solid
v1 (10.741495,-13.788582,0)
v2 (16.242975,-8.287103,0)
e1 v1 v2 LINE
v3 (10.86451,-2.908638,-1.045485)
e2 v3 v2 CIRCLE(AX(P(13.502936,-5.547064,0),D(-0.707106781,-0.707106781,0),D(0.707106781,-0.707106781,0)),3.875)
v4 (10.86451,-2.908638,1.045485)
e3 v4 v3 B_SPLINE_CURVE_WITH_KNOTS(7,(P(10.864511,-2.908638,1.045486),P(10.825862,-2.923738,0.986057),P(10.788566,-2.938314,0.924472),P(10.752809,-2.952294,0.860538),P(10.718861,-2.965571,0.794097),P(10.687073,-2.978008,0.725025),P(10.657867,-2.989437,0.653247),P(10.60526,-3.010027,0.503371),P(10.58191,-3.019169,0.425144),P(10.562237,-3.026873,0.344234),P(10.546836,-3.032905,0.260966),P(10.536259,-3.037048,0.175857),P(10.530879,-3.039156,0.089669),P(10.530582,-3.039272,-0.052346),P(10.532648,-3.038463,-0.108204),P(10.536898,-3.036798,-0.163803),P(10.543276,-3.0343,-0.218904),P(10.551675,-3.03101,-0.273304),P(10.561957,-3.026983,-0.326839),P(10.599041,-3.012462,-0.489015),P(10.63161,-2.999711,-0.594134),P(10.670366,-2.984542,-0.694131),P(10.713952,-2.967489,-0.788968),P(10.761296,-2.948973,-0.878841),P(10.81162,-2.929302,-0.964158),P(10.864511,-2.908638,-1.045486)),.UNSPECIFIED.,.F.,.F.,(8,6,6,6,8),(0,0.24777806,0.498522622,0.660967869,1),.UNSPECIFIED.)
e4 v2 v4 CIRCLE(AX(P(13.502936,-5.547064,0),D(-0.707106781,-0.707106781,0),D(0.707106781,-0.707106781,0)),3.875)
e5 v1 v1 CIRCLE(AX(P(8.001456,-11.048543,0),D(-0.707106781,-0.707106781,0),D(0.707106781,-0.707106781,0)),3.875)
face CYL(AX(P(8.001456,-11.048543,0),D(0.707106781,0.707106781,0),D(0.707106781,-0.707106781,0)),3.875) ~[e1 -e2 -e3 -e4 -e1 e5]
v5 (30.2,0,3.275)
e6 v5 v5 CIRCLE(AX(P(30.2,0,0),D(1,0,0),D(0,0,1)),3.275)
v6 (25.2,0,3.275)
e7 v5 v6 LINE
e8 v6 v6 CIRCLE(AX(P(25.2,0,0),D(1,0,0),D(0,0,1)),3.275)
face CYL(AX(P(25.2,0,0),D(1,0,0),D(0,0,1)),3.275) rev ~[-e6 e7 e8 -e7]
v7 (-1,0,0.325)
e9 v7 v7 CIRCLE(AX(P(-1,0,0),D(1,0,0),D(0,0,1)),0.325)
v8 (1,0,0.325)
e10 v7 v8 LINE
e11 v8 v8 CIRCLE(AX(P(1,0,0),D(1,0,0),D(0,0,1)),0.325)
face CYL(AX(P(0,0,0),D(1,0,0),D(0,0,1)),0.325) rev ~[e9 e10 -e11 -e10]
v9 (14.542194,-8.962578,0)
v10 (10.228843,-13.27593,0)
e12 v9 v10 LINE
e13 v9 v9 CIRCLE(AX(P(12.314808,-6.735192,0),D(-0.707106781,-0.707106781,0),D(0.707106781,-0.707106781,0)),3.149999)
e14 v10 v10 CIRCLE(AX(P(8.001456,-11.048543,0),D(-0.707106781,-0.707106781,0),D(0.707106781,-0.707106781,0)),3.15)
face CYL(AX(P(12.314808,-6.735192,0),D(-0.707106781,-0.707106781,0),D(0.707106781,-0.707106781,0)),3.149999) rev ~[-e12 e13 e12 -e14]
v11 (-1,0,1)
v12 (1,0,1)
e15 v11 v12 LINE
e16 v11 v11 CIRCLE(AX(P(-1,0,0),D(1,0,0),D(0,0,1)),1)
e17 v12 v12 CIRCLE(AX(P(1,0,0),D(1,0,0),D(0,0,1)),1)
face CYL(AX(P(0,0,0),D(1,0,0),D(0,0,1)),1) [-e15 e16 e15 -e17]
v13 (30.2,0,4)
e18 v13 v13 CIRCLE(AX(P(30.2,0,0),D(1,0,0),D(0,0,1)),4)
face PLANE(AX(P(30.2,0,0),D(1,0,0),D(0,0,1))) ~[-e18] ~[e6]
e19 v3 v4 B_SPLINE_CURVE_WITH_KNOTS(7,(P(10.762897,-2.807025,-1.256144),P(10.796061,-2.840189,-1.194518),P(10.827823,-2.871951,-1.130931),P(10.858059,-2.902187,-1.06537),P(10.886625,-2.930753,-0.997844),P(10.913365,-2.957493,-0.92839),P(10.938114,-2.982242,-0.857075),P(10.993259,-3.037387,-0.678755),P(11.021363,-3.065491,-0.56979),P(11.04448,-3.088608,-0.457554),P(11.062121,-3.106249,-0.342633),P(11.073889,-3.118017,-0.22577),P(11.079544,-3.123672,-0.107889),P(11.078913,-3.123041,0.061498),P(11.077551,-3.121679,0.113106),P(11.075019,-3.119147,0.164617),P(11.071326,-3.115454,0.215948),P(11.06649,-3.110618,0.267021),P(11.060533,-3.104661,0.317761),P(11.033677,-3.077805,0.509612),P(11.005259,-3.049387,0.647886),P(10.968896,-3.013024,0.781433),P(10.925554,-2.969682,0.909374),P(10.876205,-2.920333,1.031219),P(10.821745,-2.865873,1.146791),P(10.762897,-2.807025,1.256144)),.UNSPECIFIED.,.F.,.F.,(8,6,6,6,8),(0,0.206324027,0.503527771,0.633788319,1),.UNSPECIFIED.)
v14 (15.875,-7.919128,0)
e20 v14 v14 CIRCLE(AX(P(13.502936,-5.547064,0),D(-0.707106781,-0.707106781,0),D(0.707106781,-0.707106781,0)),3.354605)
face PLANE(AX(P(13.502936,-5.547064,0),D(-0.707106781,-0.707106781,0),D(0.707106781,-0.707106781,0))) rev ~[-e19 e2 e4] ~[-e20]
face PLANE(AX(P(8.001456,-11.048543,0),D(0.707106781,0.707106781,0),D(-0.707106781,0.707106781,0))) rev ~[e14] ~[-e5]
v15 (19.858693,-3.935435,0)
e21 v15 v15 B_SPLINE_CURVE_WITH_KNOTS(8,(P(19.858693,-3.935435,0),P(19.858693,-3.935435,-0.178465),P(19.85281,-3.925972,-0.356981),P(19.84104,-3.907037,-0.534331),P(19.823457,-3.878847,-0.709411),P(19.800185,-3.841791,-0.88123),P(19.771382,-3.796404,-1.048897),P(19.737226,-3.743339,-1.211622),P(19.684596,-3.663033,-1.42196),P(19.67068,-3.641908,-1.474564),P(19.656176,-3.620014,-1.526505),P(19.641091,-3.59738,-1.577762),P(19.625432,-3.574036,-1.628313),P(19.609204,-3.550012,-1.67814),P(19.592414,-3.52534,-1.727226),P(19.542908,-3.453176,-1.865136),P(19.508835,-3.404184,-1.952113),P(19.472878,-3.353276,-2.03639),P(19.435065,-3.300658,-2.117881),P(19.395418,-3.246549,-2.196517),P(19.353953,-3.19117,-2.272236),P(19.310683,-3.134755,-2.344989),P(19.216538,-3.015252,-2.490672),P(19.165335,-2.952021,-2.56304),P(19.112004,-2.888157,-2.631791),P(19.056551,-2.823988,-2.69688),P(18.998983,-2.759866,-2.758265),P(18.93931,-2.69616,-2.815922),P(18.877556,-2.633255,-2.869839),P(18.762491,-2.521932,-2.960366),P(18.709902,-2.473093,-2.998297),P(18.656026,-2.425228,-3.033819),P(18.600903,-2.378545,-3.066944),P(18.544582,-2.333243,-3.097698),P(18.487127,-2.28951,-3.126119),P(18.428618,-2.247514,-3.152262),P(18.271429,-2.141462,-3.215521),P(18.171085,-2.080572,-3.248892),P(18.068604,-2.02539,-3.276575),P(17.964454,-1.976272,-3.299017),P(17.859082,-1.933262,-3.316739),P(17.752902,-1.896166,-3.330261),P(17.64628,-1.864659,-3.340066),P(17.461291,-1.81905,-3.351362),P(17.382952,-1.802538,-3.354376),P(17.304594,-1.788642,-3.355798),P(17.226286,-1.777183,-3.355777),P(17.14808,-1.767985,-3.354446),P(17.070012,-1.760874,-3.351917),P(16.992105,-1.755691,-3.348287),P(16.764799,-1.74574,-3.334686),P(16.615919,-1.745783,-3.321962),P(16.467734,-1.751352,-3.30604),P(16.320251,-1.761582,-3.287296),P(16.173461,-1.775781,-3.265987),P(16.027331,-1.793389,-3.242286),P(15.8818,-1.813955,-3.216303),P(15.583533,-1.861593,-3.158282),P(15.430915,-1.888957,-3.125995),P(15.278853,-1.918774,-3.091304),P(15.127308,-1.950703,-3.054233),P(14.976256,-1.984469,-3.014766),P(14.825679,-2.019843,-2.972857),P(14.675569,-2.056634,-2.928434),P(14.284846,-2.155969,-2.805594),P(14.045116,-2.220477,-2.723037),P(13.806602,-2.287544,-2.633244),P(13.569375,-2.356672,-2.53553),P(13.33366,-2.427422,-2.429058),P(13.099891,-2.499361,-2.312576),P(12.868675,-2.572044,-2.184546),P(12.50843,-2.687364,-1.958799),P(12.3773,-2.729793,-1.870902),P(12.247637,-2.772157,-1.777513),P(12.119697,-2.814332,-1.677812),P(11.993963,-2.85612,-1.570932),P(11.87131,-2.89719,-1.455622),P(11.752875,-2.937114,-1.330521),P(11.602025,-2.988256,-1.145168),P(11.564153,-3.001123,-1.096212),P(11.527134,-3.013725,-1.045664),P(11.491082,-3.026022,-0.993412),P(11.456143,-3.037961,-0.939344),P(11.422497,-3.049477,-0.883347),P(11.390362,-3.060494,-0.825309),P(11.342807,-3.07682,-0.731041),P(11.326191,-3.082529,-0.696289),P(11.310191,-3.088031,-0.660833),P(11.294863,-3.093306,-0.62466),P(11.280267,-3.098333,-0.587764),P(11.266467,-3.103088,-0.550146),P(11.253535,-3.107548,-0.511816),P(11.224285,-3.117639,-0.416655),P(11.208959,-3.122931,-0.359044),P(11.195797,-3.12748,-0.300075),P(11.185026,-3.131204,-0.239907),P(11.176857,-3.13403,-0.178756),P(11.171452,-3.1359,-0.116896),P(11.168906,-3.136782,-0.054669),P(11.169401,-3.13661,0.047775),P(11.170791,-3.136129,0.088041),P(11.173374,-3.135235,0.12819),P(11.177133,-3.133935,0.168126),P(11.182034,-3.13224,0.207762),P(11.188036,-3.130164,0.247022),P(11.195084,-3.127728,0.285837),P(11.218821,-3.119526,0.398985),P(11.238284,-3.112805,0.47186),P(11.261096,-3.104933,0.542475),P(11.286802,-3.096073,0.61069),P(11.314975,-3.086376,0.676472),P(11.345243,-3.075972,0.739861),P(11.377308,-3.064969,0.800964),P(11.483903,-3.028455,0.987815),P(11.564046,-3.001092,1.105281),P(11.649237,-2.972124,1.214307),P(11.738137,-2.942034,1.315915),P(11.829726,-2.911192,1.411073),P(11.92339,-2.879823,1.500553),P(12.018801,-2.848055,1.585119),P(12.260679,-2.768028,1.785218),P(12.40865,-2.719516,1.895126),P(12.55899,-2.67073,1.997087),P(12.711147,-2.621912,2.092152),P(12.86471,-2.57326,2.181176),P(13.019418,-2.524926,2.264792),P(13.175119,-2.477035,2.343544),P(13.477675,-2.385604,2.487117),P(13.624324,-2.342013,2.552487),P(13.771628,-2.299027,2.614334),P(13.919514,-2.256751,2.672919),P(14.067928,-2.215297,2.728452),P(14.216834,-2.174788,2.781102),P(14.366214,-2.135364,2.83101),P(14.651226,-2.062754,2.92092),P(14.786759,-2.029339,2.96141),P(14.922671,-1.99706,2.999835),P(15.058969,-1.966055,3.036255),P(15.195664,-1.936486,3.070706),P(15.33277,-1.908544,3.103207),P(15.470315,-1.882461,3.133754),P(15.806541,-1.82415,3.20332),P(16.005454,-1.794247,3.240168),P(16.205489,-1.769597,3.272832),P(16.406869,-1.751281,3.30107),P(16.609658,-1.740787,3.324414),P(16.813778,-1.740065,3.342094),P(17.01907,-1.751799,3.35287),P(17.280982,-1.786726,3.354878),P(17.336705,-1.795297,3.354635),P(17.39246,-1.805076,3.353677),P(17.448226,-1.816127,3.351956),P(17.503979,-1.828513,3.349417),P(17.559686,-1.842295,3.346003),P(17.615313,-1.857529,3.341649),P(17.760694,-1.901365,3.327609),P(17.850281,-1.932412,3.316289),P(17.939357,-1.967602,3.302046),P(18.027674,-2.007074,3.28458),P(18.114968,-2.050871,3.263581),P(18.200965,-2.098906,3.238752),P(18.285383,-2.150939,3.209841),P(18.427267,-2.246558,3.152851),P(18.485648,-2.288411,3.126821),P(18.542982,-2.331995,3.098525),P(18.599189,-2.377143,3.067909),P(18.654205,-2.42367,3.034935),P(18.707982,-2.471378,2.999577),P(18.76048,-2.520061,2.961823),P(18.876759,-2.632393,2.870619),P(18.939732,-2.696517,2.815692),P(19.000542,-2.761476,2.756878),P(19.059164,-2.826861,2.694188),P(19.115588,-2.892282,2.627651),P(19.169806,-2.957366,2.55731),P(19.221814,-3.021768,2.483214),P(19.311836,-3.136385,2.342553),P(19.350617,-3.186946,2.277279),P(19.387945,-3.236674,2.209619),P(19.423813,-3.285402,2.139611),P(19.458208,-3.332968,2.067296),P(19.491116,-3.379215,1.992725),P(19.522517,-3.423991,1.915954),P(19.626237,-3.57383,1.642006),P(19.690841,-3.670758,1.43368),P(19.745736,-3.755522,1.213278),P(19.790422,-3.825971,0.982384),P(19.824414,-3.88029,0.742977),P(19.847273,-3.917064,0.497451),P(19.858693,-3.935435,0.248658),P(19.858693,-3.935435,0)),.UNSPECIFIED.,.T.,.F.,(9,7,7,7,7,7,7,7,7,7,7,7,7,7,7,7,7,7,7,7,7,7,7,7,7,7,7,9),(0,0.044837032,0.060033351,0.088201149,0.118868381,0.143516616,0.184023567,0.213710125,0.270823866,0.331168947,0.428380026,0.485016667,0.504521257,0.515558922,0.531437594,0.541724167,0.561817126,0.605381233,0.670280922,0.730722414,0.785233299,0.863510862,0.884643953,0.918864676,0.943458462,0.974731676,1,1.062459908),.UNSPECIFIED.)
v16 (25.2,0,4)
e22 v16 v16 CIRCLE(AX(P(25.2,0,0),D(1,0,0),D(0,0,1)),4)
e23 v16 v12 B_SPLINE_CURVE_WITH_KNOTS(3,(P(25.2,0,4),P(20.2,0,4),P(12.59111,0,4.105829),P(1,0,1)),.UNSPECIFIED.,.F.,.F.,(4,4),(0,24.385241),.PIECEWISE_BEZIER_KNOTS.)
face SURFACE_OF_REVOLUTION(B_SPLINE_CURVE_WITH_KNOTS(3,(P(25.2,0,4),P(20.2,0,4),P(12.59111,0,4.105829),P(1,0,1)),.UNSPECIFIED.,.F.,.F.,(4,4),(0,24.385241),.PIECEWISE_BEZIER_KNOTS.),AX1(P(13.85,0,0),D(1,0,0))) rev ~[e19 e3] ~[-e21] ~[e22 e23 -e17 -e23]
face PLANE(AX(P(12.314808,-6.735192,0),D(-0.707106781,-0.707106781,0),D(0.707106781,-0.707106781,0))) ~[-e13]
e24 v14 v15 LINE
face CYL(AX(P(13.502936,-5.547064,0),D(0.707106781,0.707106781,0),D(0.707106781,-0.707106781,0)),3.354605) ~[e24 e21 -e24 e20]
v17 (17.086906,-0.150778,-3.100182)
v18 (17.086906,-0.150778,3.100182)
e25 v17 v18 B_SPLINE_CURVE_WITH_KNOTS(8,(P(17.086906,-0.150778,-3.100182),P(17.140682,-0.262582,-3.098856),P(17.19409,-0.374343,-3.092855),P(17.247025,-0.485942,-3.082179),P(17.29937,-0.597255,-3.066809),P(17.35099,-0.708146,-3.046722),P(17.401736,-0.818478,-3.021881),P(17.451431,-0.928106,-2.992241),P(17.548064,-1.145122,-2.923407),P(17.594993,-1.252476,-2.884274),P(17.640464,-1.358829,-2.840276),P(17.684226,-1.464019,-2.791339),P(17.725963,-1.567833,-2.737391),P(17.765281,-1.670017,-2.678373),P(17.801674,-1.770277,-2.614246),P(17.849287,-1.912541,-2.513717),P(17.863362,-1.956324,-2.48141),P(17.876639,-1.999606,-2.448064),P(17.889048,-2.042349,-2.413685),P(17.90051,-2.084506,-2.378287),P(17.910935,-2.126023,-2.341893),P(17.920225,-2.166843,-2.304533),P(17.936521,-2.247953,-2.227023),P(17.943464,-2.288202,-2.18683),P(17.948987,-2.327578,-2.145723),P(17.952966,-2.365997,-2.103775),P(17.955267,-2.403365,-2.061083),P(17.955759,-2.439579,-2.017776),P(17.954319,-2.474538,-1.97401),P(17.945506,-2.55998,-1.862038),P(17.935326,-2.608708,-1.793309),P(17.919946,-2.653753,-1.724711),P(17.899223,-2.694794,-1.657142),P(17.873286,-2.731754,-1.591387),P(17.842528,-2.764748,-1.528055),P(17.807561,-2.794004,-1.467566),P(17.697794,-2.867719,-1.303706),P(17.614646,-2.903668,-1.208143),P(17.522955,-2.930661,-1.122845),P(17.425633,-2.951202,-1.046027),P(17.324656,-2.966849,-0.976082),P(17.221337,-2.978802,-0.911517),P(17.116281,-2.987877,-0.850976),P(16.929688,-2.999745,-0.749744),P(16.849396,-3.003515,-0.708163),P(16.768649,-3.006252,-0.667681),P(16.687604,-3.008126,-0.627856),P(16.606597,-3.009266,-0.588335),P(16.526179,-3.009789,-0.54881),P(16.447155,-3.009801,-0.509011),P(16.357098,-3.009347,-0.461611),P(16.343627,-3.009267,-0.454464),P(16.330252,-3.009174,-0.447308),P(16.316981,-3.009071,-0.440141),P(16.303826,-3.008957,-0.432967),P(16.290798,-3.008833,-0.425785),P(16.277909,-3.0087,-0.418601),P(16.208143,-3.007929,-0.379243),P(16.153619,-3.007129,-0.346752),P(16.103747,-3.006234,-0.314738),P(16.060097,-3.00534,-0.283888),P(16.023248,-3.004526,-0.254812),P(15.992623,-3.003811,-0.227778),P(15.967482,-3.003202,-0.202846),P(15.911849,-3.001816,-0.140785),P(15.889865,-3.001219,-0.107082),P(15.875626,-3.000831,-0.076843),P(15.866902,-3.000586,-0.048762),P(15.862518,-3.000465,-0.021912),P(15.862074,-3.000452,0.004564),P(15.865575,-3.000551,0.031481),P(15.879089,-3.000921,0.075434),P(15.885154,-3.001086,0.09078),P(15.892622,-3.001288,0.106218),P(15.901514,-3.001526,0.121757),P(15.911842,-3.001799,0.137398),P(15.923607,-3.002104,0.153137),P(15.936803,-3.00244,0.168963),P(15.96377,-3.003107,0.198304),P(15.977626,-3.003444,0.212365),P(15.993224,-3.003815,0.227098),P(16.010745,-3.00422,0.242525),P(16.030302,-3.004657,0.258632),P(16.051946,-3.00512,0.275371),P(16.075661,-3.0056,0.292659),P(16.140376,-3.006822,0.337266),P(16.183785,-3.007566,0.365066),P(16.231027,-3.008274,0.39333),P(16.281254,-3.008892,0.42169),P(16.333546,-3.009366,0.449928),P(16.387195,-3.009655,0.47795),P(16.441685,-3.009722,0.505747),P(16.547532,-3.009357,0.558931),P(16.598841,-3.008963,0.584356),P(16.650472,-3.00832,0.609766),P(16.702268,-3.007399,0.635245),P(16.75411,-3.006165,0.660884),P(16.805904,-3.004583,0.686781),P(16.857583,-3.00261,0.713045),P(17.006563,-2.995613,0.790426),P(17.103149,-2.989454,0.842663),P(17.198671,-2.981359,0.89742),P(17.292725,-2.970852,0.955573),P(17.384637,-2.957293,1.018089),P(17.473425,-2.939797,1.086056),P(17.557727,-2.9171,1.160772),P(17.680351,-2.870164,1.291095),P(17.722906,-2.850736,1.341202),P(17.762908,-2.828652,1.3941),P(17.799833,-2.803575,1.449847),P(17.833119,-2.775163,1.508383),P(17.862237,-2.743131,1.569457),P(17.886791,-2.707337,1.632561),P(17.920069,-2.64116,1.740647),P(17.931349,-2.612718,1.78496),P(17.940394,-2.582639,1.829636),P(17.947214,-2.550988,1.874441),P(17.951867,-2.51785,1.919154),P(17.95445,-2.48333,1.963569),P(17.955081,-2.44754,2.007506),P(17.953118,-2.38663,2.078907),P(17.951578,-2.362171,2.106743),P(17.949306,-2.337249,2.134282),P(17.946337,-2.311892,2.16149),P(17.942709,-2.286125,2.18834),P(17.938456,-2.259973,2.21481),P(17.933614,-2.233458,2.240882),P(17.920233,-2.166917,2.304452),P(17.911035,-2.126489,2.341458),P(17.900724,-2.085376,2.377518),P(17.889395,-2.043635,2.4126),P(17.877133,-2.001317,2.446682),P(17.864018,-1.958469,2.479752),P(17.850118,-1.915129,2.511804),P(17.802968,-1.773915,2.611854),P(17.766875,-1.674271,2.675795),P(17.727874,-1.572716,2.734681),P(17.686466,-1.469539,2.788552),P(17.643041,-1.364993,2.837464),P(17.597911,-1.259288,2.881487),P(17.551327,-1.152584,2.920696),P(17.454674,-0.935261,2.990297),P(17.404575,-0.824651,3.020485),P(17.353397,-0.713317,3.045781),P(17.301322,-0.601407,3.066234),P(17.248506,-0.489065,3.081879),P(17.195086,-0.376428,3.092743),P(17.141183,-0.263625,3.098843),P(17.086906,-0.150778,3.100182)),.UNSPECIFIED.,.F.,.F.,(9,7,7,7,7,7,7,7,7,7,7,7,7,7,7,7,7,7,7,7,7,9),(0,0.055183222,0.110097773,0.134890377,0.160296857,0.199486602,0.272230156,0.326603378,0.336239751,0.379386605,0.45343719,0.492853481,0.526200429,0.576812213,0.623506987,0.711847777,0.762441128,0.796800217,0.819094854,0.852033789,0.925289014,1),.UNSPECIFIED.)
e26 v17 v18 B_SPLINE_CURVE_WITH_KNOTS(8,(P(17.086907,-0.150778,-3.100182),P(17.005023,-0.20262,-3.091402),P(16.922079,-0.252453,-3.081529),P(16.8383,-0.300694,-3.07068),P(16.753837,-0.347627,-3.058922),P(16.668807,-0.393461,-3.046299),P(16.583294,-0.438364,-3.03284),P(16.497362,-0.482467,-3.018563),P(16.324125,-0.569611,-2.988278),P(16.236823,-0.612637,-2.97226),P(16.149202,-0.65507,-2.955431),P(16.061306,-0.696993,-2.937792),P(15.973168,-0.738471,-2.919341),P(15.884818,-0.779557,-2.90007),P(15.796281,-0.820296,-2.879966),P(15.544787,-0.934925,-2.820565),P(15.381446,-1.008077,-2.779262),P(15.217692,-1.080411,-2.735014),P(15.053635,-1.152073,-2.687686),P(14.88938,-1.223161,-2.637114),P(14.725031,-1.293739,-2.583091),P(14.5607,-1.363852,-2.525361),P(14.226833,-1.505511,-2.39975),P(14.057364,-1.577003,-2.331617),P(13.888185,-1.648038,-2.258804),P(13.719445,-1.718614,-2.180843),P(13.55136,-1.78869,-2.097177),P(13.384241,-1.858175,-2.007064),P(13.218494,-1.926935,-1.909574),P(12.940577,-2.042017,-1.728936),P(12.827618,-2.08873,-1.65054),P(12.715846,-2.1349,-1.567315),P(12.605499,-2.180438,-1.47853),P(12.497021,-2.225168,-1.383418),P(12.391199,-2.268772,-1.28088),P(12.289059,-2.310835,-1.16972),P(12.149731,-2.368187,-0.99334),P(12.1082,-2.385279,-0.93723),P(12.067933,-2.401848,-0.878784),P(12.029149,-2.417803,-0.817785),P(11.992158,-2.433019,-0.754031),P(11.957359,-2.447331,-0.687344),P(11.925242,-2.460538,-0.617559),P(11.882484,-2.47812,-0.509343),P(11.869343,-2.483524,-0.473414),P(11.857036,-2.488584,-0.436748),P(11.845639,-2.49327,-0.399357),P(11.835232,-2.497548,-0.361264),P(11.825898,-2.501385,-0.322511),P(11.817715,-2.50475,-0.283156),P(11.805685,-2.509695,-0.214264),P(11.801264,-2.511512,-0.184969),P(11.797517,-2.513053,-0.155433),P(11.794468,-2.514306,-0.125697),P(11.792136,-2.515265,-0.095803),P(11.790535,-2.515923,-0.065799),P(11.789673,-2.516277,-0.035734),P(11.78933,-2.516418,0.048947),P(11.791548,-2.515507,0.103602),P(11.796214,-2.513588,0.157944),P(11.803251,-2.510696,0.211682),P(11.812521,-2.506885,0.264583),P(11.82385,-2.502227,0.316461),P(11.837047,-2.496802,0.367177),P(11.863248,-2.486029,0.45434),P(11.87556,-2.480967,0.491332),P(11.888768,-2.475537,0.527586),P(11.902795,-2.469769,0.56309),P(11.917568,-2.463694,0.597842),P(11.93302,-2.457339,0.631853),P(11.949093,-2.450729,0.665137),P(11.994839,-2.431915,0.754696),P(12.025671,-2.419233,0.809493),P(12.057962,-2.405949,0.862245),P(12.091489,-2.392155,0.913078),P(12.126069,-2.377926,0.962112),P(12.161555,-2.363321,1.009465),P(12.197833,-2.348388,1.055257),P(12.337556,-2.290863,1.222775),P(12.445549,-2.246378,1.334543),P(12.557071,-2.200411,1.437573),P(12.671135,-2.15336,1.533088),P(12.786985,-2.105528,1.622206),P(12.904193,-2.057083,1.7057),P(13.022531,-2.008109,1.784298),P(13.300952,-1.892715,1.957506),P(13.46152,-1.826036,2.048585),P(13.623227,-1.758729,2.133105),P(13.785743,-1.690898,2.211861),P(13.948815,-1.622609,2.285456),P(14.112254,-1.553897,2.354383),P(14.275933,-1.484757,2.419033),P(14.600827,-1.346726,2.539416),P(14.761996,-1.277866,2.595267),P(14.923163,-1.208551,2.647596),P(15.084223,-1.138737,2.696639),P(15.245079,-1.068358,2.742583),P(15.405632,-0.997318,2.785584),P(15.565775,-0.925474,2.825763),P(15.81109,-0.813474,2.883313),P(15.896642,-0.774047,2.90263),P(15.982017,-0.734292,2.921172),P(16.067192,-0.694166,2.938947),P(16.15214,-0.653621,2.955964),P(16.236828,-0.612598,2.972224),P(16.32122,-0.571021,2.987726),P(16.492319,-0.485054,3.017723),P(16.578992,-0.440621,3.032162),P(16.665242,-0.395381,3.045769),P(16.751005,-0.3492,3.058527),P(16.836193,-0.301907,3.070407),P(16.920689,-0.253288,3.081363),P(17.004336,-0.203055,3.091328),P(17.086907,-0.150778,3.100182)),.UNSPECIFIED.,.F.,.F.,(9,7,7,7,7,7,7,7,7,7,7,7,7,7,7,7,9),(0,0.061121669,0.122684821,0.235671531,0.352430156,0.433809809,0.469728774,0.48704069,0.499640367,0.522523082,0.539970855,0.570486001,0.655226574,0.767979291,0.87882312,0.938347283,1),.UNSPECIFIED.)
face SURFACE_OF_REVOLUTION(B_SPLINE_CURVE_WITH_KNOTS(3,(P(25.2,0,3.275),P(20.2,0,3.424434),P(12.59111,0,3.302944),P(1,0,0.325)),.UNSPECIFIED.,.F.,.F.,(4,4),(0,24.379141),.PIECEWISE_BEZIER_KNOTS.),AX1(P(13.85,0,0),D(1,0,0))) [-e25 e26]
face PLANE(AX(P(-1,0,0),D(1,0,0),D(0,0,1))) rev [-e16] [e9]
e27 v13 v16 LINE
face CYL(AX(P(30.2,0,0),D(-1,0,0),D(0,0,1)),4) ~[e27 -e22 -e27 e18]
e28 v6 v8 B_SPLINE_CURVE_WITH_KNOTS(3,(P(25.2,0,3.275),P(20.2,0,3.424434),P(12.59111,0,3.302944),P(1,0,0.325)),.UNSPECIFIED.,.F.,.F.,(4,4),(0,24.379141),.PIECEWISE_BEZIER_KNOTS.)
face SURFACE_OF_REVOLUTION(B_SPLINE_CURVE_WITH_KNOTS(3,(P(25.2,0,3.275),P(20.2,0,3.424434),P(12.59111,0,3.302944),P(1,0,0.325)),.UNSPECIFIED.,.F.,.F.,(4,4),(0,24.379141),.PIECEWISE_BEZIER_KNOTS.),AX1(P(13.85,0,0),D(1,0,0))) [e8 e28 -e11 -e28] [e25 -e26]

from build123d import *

# Parameters (mm, degrees)
F0_W = 2
F0_H = 0.675


with BuildPart() as f1:
    # F0 (on Front) → F1 (revolve)
    with BuildSketch(Plane.XZ):
        with Locations((0, 0.6625)):
            Rectangle(F0_W, F0_H)
        with BuildLine():
            add(Edge.make_bspline(
                [(25.2, 4), (20.2, 4), (12.59111, 4.105829), (1, 1)],
                knots=[0, 0, 0, 0, 24.385241, 24.385241, 24.385241, 24.385241], degree=3))
            Line((1, 1), (1, 0.325))
            add(Edge.make_bspline(
                [(25.2, 3.275), (20.2, 3.424434), (12.59111, 3.302944), (1, 0.325)],
                knots=[0, 0, 0, 0, 24.379141, 24.379141, 24.379141, 24.379141], degree=3))
            Line((25.2, 3.275), (25.2, 4))
        make_face()
        Polygon((30.2, 4), (25.2, 4), (25.2, 3.275), (27.7, 3.275), (30.2, 3.275), align=None)
    revolve(axis=Axis((13.85, 0, 0), (1, 0, 0)))

    # F2 (on Top) → F3 (revolve)
    with BuildSketch(Plane.XY):
        Polygon((20.365128, -3.429), (15.875, -3.175), (12.314808, -6.735192), (14.542194, -8.962578), (10.228843, -13.27593), (10.741495, -13.788582), (16.242975, -8.287103), (15.875, -7.919128), align=None)
    revolve(axis=Axis((12.314808, -6.735192, 0), (-0.707107, -0.707107, 0)))

    # F4 (on Front) → F5 (revolve, cut)
    with BuildSketch(Plane.XZ):
        with BuildLine():
            Line((27.7, 0), (27.7, 3.275))
            Line((27.7, 3.275), (25.2, 3.275))
            add(Edge.make_bspline(
                [(25.2, 3.275), (20.2, 3.424434), (12.59111, 3.302944), (1, 0.325)],
                knots=[0, 0, 0, 0, 24.379141, 24.379141, 24.379141, 24.379141], degree=3))
            Line((1, 0.325), (1, 0))
            Line((1, 0), (27.7, 0))
        make_face()
    revolve(axis=Axis((13.85, 0, 0), (1, 0, 0)), mode=Mode.SUBTRACT)


solid = f1.part
